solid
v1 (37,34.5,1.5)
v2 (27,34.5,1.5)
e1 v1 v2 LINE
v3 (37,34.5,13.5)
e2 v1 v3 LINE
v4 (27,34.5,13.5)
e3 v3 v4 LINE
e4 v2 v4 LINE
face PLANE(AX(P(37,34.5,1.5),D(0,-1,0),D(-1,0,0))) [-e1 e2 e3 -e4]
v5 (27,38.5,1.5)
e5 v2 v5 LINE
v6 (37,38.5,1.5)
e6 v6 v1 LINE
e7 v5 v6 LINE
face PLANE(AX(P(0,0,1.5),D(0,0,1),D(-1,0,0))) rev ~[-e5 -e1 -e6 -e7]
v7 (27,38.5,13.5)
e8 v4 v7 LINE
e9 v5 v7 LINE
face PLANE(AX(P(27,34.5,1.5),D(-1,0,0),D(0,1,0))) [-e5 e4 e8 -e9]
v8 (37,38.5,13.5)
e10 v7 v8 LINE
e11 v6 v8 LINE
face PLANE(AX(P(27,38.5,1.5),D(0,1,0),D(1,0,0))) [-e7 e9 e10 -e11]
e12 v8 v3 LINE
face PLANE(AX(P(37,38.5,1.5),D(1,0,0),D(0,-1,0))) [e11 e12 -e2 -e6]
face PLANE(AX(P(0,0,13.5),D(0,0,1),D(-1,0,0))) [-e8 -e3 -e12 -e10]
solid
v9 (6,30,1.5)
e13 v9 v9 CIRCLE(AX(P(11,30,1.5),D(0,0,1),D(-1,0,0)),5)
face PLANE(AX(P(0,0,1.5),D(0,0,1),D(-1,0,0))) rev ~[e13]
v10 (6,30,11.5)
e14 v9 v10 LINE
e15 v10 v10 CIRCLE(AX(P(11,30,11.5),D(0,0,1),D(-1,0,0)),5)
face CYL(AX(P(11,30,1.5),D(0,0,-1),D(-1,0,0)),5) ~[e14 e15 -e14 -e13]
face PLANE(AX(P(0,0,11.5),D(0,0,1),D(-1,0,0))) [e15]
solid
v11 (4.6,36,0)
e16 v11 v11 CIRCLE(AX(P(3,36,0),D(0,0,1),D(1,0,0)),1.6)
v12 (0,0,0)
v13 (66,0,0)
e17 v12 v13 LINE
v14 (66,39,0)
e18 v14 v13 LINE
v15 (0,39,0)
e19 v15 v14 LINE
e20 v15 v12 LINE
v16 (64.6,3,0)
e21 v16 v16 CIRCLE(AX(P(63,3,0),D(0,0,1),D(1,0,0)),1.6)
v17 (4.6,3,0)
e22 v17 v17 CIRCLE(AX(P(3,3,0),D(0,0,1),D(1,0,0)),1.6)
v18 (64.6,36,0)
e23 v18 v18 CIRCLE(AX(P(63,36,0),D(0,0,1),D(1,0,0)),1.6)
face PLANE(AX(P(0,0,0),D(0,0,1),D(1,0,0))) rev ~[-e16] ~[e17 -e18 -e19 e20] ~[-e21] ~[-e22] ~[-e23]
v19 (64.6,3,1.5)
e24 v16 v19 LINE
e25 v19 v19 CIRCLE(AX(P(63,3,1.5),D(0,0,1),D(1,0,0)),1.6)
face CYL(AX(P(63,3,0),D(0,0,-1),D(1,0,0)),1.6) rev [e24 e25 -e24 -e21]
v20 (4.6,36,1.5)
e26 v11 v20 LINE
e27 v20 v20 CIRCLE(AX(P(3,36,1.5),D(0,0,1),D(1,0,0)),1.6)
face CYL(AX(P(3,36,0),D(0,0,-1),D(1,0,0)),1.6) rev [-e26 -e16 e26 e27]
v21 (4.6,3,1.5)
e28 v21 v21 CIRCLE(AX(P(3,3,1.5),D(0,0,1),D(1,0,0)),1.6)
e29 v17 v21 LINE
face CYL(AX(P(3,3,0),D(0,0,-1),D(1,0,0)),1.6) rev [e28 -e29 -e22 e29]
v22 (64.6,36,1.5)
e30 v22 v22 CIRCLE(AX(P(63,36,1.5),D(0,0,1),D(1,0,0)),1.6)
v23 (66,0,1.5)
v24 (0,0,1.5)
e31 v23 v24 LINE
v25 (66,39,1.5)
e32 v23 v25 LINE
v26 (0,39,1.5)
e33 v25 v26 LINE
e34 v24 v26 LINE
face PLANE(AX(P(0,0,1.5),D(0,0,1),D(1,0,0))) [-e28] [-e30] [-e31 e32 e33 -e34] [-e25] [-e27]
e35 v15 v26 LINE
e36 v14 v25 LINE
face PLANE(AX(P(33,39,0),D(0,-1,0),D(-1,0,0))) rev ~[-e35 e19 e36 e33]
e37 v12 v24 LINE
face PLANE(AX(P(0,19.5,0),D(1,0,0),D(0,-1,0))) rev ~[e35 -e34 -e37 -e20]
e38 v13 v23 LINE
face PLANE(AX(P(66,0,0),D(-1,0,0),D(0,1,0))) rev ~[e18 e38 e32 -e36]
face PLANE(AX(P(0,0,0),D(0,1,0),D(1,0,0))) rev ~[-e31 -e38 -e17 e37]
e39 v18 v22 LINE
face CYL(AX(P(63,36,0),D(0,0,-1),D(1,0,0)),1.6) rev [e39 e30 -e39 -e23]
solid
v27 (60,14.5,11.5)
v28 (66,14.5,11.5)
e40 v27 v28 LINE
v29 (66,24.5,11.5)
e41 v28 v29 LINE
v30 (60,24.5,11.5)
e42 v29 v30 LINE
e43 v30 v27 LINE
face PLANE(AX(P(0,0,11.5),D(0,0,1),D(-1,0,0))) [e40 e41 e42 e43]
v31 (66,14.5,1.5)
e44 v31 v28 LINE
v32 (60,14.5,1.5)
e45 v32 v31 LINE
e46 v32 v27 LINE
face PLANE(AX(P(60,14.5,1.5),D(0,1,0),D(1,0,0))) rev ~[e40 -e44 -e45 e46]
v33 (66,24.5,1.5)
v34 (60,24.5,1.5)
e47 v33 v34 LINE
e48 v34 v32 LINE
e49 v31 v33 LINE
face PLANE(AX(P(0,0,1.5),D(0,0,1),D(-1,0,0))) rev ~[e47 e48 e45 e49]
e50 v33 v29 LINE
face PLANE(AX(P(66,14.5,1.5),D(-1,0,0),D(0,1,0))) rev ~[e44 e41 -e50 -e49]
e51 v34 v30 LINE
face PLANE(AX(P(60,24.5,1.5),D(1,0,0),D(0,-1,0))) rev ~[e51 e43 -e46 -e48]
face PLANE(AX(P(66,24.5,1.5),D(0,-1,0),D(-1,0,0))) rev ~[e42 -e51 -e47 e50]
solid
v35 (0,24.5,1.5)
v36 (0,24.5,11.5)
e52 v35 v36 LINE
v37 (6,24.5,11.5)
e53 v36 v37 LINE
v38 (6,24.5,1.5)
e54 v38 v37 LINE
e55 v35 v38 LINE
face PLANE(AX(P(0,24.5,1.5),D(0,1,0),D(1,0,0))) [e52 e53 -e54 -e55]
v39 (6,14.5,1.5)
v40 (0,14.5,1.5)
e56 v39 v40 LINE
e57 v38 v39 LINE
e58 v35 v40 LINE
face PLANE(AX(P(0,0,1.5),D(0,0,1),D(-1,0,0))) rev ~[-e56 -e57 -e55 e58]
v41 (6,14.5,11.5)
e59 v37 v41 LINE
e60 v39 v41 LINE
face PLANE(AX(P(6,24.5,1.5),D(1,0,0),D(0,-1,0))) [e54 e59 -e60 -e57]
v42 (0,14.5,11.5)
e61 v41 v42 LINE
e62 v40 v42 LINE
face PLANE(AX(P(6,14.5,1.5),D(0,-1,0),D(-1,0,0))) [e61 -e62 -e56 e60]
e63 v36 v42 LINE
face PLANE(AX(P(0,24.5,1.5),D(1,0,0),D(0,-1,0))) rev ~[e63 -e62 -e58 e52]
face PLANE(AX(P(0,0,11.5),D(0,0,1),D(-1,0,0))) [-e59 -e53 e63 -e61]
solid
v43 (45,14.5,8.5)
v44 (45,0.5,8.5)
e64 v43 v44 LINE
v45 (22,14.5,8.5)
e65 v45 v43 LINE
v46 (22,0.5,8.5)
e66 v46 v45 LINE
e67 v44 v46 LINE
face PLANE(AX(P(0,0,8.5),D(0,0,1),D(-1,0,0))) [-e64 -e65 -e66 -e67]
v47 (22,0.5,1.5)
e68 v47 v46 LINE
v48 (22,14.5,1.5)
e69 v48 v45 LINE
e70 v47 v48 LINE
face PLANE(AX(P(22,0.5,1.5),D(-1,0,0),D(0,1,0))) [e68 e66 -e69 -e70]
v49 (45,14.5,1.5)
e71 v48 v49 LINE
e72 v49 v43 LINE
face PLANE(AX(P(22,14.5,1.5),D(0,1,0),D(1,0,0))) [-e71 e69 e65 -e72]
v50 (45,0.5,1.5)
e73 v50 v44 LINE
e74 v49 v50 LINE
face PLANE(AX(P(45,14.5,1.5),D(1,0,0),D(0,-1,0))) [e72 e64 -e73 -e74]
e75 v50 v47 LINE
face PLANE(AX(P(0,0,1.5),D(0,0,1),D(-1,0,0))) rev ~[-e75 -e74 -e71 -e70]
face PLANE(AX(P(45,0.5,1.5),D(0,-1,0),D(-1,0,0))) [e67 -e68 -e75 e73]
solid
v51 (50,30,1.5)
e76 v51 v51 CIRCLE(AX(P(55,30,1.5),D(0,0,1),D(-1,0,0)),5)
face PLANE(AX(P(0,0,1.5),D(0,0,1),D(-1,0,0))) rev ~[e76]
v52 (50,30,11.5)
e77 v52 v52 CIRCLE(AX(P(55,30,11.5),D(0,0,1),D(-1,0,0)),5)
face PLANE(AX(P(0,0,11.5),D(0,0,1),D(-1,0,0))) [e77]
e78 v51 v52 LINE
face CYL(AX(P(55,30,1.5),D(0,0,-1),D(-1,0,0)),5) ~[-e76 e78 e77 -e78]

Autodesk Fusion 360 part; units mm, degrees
sketch "草图1" plane through (0, 0, 0) normal (0, 0, 1) x (1, 0, 0)
  line L0 (0, 0) -> (66, 0)
  line L1 (66, 0) -> (66, 39)
  line L2 (66, 39) -> (0, 39)
  line L3 (0, 39) -> (0, 0)
  line L4 (-18.8664, 19.5) -> (92.9344, 19.5)
  line L5 (33, 51.4326) -> (33, -27.2938)
  circle A0 centre (3, 36) radius 1.6
  circle A1 centre (63, 36) radius 1.6
  circle A2 centre (3, 3) radius 1.6
  circle A3 centre (63, 3) radius 1.6
  dimension "d1" = 66
  dimension "d2" = 39
  dimension "d3" = 3.2
  dimension "d4" = 60
  dimension "d5" = 33
extrude "拉伸1" add sketch "草图1" along normal blind 1.5 makes body 1
sketch "草图2" plane through (0, 0, 1.5) normal (0, 0, 1) x (-1, 0, 0)
  circle A0 centre (-3, -36) radius 1.6
  circle A1 centre (-63, -3) radius 1.6
  circle A2 centre (-3, -3) radius 1.6
  circle A3 centre (-63, -36) radius 1.6
  line L0 (0, -39) -> (0, 0)
  line L1 (0, 0) -> (-66, 0)
  line L2 (-66, 0) -> (-66, -39)
  line L3 (-66, -39) -> (0, -39)
  line L4 (0, -24.5) -> (-6, -24.5)
  line L5 (-6, -24.5) -> (-6, -14.5)
  line L6 (-6, -14.5) -> (0, -14.5)
  line L7 (0, -14.5) -> (0, -24.5)
  line L8 (-66, -24.5) -> (-60, -24.5)
  line L9 (-60, -24.5) -> (-60, -14.5)
  line L10 (-60, -14.5) -> (-66, -14.5)
  line L11 (-66, -14.5) -> (-66, -24.5)
  dimension "d8" = 10
  dimension "d9" = 10
  dimension "d10" = 6
  dimension "d11" = 6
  dimension "d12" = 14.5
  dimension "d13" = 14.5
extrude "拉伸2" add sketch "草图2" along normal blind 10 separate body contours L0 L4 L5 L6 L7 | L2 L8 L9 L10 L11 makes body 2 at (6, 21.1667, 4.8333) makes body 3 at (66, 17.8333, 4.8333)
sketch "草图3" plane through (0, 0, 1.5) normal (0, 0, 1) x (-1, 0, 0)
  circle A0 centre (-3, -36) radius 1.6
  circle A1 centre (-63, -3) radius 1.6
  circle A2 centre (-3, -3) radius 1.6
  circle A3 centre (-63, -36) radius 1.6
  line L0 (0, -39) -> (0, 0)
  line L1 (0, 0) -> (-66, 0)
  line L2 (-66, 0) -> (-66, -39)
  line L3 (-66, -39) -> (0, -39)
  circle A4 centre (-11, -30) radius 5
  circle A5 centre (-55, -30) radius 5
  dimension "d16" = 10
  dimension "d17" = 10
  dimension "d18" = 11
  dimension "d19" = 11
  dimension "d20" = 9
  dimension "d21" = 9
extrude "拉伸3" add sketch "草图3" along normal blind 10 separate body contours A4 | A5 makes body 4 at (50.0062, 30.2492, 8.1667) makes body 5 at (6.0062, 30.2492, 8.1667)
sketch "草图4" plane through (0, 0, 1.5) normal (0, 0, 1) x (-1, 0, 0)
  circle A0 centre (-3, -36) radius 1.6
  circle A1 centre (-63, -3) radius 1.6
  circle A2 centre (-3, -3) radius 1.6
  circle A3 centre (-63, -36) radius 1.6
  line L0 (0, -39) -> (0, 0)
  line L1 (0, 0) -> (-66, 0)
  line L2 (-66, 0) -> (-66, -39)
  line L3 (-66, -39) -> (0, -39)
  line L4 (-27, -38.5) -> (-37, -38.5)
  line L5 (-37, -38.5) -> (-37, -34.5)
  line L6 (-37, -34.5) -> (-27, -34.5)
  line L7 (-27, -34.5) -> (-27, -38.5)
  dimension "d24" = 10
  dimension "d25" = 4
  dimension "d26" = 27
  dimension "d27" = 0.5
extrude "拉伸4" add sketch "草图4" along normal blind 12 separate body contours L4 L5 L6 L7 makes body 6
sketch "草图5" plane through (0, 0, 1.5) normal (0, 0, 1) x (-1, 0, 0)
  circle A0 centre (-3, -36) radius 1.6
  circle A1 centre (-63, -3) radius 1.6
  circle A2 centre (-3, -3) radius 1.6
  circle A3 centre (-63, -36) radius 1.6
  line L0 (0, -39) -> (0, 0)
  line L1 (0, 0) -> (-66, 0)
  line L2 (-66, 0) -> (-66, -39)
  line L3 (-66, -39) -> (0, -39)
  line L4 (-22, -14.5) -> (-45, -14.5)
  line L5 (-45, -14.5) -> (-45, -0.5)
  line L6 (-45, -0.5) -> (-22, -0.5)
  line L7 (-22, -0.5) -> (-22, -14.5)
  dimension "d30" = 23
  dimension "d31" = 14
  dimension "d32" = 21
  dimension "d33" = 0.5
extrude "拉伸5" add sketch "草图5" along normal blind 7 separate body contours L4 L5 L6 L7 makes body 7
copy_body "实体->零部件1" bodies 1 removing the originals makes body 8 in component "Component'"
copy_body "实体->零部件2" bodies 2 removing the originals makes body 9 in component "Component''"
copy_body "实体->零部件3" bodies 3 removing the originals makes body 10 in component "Component'''"
copy_body "实体->零部件4" bodies 4 removing the originals makes body 11 in component "Component''''"
copy_body "实体->零部件5" bodies 5 removing the originals makes body 12 in component "Component'''''"
copy_body "实体->零部件6" bodies 6 removing the originals makes body 13 in component "Component''''''"
copy_body "实体->零部件7" bodies 7 removing the originals makes body 14 in component "Component'''''''"
component "Component'" placed x (1, 0, 0) y (0, 1, 0) z (0, 0, 1) at (0, 0, 0)
component "Component''" placed x (1, 0, 0) y (0, 1, 0) z (0, 0, 1) at (0, 0, 0)
component "Component'''" placed x (1, 0, 0) y (0, 1, 0) z (0, 0, 1) at (0, 0, 0)
component "Component''''" placed x (1, 0, 0) y (0, 1, 0) z (0, 0, 1) at (0, 0, 0)
component "Component'''''" placed x (1, 0, 0) y (0, 1, 0) z (0, 0, 1) at (0, 0, 0)
component "Component''''''" placed x (1, 0, 0) y (0, 1, 0) z (0, 0, 1) at (0, 0, 0)
component "Component'''''''" placed x (1, 0, 0) y (0, 1, 0) z (0, 0, 1) at (0, 0, 0)
